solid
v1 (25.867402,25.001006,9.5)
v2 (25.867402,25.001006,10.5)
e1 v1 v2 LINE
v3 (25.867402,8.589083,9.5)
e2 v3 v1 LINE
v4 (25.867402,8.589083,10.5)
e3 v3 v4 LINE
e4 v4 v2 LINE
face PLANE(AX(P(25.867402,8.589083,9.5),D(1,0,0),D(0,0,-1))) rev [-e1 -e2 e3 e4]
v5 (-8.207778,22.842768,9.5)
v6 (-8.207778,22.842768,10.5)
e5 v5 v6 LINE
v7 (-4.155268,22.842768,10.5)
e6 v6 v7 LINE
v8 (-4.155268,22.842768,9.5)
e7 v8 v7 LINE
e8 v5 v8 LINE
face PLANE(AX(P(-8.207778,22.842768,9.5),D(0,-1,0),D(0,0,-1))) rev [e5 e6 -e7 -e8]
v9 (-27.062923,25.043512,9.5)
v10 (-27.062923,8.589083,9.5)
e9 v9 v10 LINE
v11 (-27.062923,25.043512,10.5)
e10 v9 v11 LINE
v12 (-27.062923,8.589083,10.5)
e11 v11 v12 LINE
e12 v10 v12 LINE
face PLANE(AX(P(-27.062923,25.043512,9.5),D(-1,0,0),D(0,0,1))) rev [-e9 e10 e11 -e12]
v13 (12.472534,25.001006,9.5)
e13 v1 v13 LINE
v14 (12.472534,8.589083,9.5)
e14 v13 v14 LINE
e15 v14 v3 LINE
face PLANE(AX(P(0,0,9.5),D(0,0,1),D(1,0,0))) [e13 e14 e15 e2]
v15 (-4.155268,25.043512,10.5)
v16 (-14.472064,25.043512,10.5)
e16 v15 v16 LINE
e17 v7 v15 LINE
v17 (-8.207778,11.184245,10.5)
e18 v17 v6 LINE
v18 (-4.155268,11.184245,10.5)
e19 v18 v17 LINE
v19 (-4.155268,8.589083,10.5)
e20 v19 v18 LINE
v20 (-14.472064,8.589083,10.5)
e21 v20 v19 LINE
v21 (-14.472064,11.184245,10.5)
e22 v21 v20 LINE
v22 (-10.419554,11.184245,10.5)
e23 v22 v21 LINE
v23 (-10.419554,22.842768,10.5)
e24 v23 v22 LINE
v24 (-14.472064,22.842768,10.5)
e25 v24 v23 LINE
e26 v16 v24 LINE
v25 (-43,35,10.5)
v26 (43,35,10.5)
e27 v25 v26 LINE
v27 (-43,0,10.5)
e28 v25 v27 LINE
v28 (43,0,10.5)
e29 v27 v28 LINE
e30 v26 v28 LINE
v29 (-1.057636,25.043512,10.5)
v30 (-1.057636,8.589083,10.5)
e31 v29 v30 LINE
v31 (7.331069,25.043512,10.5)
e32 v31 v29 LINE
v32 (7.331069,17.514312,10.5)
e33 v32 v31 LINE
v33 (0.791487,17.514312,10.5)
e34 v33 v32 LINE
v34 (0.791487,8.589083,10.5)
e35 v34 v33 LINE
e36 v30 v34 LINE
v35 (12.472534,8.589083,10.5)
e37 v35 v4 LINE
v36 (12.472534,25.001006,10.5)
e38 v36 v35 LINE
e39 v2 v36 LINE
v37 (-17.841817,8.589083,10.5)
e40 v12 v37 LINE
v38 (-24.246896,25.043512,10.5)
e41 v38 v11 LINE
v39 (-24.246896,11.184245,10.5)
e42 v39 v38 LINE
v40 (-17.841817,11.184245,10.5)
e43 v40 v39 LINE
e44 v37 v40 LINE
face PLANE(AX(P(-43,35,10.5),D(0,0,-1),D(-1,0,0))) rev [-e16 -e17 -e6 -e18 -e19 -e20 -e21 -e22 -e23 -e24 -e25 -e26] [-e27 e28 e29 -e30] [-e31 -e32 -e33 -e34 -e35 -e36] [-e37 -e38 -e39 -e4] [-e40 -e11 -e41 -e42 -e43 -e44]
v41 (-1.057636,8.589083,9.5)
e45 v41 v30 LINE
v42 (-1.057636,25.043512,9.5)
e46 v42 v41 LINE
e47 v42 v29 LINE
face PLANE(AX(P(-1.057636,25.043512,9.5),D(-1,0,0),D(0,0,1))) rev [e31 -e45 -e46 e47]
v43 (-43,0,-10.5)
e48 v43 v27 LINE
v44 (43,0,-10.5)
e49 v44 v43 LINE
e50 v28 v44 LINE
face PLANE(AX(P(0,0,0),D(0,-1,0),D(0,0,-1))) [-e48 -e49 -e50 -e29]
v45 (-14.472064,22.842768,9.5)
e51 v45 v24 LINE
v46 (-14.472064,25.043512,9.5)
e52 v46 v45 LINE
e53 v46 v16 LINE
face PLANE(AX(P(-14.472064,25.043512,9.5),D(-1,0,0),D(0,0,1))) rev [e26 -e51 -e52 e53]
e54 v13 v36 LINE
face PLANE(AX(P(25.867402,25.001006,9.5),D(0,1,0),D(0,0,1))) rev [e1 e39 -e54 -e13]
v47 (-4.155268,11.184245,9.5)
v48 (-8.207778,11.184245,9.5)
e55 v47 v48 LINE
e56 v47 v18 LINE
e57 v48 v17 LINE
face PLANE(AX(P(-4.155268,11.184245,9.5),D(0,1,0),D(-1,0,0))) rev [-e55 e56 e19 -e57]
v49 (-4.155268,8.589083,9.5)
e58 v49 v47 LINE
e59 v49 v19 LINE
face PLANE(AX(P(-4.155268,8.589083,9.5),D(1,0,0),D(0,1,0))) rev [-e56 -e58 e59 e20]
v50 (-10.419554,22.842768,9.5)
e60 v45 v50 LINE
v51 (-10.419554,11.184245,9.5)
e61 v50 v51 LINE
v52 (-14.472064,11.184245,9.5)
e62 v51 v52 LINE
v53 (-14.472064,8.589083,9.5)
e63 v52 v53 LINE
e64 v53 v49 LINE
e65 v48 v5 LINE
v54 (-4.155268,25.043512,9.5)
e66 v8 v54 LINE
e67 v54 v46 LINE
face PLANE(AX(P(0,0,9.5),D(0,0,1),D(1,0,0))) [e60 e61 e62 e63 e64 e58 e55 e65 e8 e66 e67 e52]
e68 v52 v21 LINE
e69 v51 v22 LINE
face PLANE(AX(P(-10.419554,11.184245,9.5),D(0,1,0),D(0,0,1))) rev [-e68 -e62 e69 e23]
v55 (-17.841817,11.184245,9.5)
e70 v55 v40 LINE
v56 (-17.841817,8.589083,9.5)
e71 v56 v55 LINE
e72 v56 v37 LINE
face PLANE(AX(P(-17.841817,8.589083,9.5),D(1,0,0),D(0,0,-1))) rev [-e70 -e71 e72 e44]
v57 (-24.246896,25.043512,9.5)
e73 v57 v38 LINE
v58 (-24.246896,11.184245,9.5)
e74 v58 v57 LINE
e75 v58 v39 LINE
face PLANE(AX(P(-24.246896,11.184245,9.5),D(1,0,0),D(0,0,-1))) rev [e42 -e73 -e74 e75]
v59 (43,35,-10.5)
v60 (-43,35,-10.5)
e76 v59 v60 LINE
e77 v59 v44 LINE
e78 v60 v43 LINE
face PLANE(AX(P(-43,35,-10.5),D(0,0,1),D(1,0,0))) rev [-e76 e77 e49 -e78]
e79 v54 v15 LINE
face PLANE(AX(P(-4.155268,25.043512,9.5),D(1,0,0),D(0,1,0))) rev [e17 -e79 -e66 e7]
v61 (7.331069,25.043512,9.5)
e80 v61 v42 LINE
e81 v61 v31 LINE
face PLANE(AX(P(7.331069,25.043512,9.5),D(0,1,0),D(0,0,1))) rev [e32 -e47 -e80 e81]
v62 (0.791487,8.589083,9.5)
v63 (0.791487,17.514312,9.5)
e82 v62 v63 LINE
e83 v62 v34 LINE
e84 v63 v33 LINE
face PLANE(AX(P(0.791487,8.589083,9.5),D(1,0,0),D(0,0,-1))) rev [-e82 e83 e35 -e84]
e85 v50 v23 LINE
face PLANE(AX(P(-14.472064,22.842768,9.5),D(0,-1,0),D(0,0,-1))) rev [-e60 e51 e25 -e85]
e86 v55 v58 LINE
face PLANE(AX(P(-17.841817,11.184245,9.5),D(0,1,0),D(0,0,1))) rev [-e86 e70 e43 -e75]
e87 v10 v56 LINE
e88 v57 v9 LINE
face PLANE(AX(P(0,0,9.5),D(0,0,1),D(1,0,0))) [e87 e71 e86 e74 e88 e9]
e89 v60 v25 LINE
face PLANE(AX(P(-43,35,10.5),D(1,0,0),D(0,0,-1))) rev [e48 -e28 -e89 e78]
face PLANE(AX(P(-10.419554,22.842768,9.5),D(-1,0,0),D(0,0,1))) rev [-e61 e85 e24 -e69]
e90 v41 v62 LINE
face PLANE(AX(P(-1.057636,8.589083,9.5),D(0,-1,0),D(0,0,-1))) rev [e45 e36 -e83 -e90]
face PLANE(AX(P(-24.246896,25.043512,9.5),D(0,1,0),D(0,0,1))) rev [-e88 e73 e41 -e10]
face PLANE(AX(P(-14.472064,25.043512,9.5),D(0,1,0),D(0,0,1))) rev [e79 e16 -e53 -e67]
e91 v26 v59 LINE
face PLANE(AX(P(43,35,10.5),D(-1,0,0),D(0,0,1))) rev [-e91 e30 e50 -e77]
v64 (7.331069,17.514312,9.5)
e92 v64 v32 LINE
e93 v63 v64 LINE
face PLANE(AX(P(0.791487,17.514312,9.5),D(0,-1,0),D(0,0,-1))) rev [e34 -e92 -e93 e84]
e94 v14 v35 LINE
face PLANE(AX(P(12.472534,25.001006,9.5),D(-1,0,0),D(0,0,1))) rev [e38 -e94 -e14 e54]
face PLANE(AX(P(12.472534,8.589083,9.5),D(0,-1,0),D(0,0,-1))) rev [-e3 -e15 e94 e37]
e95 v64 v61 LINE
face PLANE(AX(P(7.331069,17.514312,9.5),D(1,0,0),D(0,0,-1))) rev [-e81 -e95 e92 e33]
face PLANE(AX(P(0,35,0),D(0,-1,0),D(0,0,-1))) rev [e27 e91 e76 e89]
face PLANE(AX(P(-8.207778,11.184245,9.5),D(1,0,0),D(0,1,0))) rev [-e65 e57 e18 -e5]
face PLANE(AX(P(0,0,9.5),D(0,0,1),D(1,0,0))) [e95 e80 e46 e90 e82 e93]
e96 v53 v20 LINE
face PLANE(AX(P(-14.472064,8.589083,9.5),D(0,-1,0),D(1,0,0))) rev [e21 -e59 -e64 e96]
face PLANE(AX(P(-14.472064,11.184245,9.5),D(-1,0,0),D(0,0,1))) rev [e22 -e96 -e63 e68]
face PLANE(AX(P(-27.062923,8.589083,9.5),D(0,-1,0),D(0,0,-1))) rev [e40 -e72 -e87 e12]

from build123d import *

# Parameters (mm, degrees)
SKETCH1_W           = 86
SKETCH1_H           = 21
BOSS_EXTRUDE1_DEPTH = 35
SKETCH2_W           = 13.394867866
SKETCH2_H           = 16.41192305
CUT_EXTRUDE1_DEPTH  = 1


with BuildPart() as part:
    # Sketch1 → Boss-Extrude1 (new body)
    with BuildSketch(Plane(origin=(0, 0, 0), x_dir=(1, 0, 0), z_dir=(0, 1, 0))):
        Rectangle(SKETCH1_W, SKETCH1_H)
    extrude(amount=BOSS_EXTRUDE1_DEPTH)

    # Sketch2 → Cut-Extrude1 (cut)
    with BuildSketch(Plane.XY.offset(10.5)):
        Polygon((-27.062922658, 25.043511527), (-27.062922658, 8.589083039), (-17.841816761, 8.589083039), (-17.841816761, 11.184244579), (-24.246896306, 11.184244579), (-24.246896306, 25.043511527), align=None)
        Polygon((-14.472064369, 25.043511527), (-4.155267693, 25.043511527), (-4.155267693, 22.842768469), (-8.207777961, 22.842768469), (-8.207777961, 11.184244579), (-4.155267693, 11.184244579), (-4.155267693, 8.589083039), (-14.472064369, 8.589083039), (-14.472064369, 11.184244579), (-10.419554101, 11.184244579), (-10.419554101, 22.842768469), (-14.472064369, 22.842768469), align=None)
        Polygon((-1.057635761, 25.043511527), (-1.057635761, 8.589083039), (0.791487413, 8.589083039), (0.791487413, 17.514312266), (7.331069367, 17.514312266), (7.331069367, 25.043511527), align=None)
        with Locations((19.169967733, 16.795044564)):
            Rectangle(SKETCH2_W, SKETCH2_H)
    extrude(amount=-CUT_EXTRUDE1_DEPTH, mode=Mode.SUBTRACT)


solid = part.part
